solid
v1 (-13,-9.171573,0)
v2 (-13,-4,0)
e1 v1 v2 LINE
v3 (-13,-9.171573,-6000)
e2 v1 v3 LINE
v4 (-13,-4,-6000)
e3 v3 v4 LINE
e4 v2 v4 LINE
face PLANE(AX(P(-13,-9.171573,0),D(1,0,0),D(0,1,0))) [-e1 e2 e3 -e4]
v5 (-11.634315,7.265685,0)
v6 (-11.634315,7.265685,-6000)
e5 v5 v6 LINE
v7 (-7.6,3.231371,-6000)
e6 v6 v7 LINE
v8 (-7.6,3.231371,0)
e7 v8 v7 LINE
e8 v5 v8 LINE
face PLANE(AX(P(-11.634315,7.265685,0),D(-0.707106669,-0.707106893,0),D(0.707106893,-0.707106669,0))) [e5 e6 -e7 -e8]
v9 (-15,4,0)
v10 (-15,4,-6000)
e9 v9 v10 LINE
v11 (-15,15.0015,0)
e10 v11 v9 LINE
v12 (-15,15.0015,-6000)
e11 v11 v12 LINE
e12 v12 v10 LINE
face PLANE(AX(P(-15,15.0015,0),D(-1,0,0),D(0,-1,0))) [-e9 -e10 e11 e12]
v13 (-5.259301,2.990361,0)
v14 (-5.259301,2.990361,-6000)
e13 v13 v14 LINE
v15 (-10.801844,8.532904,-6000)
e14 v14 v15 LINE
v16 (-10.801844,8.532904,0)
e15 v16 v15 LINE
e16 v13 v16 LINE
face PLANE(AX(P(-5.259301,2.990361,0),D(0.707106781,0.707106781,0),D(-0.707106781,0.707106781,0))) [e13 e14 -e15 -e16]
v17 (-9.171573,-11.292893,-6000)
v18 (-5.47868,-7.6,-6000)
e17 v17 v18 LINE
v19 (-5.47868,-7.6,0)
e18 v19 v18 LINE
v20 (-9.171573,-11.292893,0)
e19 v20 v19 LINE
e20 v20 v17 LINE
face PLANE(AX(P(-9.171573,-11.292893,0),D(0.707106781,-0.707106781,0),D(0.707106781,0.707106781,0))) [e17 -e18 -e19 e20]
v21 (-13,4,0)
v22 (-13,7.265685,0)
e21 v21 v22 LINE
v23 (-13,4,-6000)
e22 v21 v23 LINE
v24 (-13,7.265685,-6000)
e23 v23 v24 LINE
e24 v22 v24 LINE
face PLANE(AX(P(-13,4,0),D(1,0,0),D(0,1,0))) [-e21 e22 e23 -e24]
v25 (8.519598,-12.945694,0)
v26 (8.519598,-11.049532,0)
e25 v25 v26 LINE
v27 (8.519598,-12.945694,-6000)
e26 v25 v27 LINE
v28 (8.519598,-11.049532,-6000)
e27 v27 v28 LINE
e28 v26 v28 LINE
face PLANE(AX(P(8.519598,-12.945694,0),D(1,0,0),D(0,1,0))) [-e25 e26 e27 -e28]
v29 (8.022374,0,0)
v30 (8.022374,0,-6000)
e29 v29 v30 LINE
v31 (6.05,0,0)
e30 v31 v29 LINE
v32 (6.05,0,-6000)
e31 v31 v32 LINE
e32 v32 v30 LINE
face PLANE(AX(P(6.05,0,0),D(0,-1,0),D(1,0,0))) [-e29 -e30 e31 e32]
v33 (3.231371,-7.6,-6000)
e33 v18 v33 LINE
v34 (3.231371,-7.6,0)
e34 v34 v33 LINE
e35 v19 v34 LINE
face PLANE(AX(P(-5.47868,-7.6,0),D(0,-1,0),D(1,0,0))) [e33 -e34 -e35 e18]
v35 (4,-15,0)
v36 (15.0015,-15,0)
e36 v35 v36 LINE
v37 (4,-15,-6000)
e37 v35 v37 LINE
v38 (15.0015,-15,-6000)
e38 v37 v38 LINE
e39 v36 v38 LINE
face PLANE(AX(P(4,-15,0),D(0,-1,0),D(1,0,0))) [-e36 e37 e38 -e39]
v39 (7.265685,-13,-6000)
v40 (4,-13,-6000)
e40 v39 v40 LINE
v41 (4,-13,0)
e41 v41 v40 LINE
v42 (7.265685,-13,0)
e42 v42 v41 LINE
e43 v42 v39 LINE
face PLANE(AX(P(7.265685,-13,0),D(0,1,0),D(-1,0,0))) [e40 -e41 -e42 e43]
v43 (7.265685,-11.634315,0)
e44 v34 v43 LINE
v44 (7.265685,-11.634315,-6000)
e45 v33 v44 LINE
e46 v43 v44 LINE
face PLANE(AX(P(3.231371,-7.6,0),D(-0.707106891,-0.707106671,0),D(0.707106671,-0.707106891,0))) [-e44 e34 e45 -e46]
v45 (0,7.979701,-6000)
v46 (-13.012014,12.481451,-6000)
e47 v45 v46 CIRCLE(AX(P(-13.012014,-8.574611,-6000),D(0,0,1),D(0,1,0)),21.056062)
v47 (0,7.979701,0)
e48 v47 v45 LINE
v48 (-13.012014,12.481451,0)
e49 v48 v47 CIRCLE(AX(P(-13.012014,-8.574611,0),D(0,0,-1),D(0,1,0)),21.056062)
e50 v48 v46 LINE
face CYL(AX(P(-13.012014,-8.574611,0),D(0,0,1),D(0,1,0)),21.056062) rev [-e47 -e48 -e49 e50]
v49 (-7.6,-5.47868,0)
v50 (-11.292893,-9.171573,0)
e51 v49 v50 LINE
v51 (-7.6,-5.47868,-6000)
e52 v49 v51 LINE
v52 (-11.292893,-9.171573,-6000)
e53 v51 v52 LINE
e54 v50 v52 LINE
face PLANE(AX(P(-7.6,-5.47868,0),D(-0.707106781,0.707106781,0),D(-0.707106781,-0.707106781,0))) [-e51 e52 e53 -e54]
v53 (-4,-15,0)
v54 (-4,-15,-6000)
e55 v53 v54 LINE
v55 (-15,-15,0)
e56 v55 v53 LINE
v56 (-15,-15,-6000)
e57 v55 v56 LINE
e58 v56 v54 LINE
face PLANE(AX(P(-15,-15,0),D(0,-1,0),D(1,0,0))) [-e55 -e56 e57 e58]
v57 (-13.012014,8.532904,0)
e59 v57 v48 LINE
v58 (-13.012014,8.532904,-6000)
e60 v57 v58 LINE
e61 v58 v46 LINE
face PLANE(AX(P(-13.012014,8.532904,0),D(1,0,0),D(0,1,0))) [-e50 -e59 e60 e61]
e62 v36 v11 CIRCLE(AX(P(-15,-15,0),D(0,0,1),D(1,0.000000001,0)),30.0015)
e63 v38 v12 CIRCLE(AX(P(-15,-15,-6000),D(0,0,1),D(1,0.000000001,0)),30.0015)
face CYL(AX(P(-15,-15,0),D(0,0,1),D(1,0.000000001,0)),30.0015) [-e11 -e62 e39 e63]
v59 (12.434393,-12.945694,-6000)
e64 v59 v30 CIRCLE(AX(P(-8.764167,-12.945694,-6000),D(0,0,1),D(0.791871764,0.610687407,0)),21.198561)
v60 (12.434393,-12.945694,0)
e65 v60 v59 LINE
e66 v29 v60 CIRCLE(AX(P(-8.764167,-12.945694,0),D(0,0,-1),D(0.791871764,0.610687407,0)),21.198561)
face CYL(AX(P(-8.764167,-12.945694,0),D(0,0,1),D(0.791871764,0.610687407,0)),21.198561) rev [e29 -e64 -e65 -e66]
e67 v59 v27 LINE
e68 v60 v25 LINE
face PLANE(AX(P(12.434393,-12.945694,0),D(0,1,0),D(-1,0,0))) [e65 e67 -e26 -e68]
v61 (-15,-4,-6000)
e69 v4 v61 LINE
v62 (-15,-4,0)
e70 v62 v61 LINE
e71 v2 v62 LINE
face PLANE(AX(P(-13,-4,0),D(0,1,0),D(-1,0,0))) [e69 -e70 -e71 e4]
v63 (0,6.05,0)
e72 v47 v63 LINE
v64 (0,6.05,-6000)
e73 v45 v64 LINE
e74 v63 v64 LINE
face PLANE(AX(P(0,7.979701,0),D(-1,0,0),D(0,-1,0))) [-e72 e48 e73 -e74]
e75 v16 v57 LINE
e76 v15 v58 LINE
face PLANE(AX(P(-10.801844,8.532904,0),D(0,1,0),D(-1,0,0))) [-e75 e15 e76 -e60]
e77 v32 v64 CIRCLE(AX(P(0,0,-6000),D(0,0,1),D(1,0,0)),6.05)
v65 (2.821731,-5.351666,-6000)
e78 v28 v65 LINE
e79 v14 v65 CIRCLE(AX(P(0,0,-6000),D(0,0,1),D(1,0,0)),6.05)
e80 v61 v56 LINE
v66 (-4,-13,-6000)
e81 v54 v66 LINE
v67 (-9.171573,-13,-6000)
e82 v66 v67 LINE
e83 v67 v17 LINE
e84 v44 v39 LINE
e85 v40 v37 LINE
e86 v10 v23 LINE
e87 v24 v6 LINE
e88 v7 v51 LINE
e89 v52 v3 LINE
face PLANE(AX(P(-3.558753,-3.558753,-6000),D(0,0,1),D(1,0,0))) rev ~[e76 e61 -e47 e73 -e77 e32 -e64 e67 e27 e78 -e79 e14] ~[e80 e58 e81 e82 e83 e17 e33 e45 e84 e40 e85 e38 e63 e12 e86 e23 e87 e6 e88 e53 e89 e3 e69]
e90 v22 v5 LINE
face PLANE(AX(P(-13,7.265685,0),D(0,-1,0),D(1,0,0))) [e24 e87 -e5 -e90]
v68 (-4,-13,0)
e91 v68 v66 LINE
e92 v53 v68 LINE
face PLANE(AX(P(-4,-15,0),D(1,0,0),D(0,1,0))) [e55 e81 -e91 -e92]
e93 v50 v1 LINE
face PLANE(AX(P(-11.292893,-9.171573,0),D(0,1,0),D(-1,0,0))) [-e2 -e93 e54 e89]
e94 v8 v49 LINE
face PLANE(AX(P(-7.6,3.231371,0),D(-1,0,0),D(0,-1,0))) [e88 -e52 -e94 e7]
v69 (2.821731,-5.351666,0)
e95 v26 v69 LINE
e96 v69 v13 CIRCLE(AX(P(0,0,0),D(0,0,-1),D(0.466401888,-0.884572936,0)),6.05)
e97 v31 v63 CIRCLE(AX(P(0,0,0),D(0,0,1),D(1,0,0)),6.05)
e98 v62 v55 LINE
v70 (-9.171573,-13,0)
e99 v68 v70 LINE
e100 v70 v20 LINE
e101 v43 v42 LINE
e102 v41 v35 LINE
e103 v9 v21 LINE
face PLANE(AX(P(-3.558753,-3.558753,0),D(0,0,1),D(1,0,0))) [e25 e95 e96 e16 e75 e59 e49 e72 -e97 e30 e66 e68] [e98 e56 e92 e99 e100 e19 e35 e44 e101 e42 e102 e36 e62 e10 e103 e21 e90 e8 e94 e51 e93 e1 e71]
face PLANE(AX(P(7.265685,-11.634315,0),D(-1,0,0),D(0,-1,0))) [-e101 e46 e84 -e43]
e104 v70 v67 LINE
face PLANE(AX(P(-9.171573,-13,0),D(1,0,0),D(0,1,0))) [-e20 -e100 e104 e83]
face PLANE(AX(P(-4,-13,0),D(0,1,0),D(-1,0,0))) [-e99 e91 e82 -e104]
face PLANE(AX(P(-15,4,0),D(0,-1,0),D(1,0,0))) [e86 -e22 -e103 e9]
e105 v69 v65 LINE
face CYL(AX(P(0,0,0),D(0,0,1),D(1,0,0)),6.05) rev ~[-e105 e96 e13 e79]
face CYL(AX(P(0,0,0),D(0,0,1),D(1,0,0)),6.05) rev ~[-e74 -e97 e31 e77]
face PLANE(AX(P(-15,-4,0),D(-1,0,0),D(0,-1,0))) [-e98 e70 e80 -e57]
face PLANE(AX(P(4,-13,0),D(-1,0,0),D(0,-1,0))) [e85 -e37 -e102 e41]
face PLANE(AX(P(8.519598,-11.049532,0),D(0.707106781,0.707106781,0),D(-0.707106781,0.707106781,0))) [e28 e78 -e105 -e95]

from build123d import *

# Parameters (mm, degrees)
SKETCH1_R          = 6.05
EXTRUDE1_DEPTH     = 6000
CUT_EXTRUDE1_DEPTH = 6001


with BuildPart() as part:
    # Sketch1 → Extrude1 (new body)
    with BuildSketch(Plane.XY):
        with BuildLine():
            Line((-11.292893, -9.171573), (-13, -9.171573))
            Line((-13, -9.171573), (-13, -4))
            Line((-13, -4), (-15, -4))
            Line((-15, -4), (-15, -15))
            Line((-15, -15), (-3.999999934, -15))
            Line((-3.999999934, -15), (-3.999999934, -13))
            Line((-3.999999934, -13), (-9.171572934, -13))
            Line((-9.171572934, -13), (-9.171572934, -11.292893))
            Line((-9.171572934, -11.292893), (-5.478679934, -7.6))
            Line((-5.478679934, -7.6), (3.231371323, -7.6))
            Line((3.231371323, -7.6), (7.265685066, -11.634315))
            Line((7.265685066, -11.634315), (7.265685066, -13))
            Line((7.265685066, -13), (4.000000066, -13))
            Line((4.000000066, -13), (4.000000066, -15))
            Line((4.000000066, -15), (15.001499931, -15))
            ThreePointArc((15.001499931, -15), (6.214264035, 6.214264026), (-15, 15.001499898))
            Line((-15, 15.001499898), (-15, 4))
            Line((-15, 4), (-13, 4))
            Line((-13, 4), (-13, 7.265685))
            Line((-13, 7.265685), (-11.634315, 7.265685))
            Line((-11.634315, 7.265685), (-7.6, 3.231371278))
            Line((-7.6, 3.231371278), (-7.6, -5.47868))
            Line((-7.6, -5.47868), (-11.292893, -9.171573))
        make_face()
        Circle(SKETCH1_R, mode=Mode.SUBTRACT)
    extrude(amount=-EXTRUDE1_DEPTH)

    # Sketch2 → Cut-Extrude1 (cut, through all)
    with BuildSketch(Plane.XY):
        with BuildLine():
            Line((6.05, 0), (8.022374154, 0))
            ThreePointArc((8.022374154, 0), (11.301094724, -6.107256592), (12.434393171, -12.945694008))
            Line((12.434393171, -12.945694008), (8.519597612, -12.945694008))
            Line((8.519597612, -12.945694008), (8.519597612, -11.049532451))
            Line((8.519597612, -11.049532451), (2.821731423, -5.351666262))
            ThreePointArc((2.821731423, -5.351666262), (-4.345433196, -4.20947863), (-5.259300556, 2.990360792))
            Line((-5.259300556, 2.990360792), (-10.801843855, 8.532904091))
            Line((-10.801843855, 8.532904091), (-13.012013608, 8.532904091))
            Line((-13.012013608, 8.532904091), (-13.012013608, 12.481450922))
            ThreePointArc((-13.012013608, 12.481450922), (-6.127642695, 11.324212583), (0, 7.979700895))
            Line((0, 7.979700895), (0, 6.05))
            ThreePointArc((0, 6.05), (4.277996026, 4.277996026), (6.05, 0))
        make_face()
    extrude(amount=-CUT_EXTRUDE1_DEPTH, mode=Mode.SUBTRACT)


solid = part.part
